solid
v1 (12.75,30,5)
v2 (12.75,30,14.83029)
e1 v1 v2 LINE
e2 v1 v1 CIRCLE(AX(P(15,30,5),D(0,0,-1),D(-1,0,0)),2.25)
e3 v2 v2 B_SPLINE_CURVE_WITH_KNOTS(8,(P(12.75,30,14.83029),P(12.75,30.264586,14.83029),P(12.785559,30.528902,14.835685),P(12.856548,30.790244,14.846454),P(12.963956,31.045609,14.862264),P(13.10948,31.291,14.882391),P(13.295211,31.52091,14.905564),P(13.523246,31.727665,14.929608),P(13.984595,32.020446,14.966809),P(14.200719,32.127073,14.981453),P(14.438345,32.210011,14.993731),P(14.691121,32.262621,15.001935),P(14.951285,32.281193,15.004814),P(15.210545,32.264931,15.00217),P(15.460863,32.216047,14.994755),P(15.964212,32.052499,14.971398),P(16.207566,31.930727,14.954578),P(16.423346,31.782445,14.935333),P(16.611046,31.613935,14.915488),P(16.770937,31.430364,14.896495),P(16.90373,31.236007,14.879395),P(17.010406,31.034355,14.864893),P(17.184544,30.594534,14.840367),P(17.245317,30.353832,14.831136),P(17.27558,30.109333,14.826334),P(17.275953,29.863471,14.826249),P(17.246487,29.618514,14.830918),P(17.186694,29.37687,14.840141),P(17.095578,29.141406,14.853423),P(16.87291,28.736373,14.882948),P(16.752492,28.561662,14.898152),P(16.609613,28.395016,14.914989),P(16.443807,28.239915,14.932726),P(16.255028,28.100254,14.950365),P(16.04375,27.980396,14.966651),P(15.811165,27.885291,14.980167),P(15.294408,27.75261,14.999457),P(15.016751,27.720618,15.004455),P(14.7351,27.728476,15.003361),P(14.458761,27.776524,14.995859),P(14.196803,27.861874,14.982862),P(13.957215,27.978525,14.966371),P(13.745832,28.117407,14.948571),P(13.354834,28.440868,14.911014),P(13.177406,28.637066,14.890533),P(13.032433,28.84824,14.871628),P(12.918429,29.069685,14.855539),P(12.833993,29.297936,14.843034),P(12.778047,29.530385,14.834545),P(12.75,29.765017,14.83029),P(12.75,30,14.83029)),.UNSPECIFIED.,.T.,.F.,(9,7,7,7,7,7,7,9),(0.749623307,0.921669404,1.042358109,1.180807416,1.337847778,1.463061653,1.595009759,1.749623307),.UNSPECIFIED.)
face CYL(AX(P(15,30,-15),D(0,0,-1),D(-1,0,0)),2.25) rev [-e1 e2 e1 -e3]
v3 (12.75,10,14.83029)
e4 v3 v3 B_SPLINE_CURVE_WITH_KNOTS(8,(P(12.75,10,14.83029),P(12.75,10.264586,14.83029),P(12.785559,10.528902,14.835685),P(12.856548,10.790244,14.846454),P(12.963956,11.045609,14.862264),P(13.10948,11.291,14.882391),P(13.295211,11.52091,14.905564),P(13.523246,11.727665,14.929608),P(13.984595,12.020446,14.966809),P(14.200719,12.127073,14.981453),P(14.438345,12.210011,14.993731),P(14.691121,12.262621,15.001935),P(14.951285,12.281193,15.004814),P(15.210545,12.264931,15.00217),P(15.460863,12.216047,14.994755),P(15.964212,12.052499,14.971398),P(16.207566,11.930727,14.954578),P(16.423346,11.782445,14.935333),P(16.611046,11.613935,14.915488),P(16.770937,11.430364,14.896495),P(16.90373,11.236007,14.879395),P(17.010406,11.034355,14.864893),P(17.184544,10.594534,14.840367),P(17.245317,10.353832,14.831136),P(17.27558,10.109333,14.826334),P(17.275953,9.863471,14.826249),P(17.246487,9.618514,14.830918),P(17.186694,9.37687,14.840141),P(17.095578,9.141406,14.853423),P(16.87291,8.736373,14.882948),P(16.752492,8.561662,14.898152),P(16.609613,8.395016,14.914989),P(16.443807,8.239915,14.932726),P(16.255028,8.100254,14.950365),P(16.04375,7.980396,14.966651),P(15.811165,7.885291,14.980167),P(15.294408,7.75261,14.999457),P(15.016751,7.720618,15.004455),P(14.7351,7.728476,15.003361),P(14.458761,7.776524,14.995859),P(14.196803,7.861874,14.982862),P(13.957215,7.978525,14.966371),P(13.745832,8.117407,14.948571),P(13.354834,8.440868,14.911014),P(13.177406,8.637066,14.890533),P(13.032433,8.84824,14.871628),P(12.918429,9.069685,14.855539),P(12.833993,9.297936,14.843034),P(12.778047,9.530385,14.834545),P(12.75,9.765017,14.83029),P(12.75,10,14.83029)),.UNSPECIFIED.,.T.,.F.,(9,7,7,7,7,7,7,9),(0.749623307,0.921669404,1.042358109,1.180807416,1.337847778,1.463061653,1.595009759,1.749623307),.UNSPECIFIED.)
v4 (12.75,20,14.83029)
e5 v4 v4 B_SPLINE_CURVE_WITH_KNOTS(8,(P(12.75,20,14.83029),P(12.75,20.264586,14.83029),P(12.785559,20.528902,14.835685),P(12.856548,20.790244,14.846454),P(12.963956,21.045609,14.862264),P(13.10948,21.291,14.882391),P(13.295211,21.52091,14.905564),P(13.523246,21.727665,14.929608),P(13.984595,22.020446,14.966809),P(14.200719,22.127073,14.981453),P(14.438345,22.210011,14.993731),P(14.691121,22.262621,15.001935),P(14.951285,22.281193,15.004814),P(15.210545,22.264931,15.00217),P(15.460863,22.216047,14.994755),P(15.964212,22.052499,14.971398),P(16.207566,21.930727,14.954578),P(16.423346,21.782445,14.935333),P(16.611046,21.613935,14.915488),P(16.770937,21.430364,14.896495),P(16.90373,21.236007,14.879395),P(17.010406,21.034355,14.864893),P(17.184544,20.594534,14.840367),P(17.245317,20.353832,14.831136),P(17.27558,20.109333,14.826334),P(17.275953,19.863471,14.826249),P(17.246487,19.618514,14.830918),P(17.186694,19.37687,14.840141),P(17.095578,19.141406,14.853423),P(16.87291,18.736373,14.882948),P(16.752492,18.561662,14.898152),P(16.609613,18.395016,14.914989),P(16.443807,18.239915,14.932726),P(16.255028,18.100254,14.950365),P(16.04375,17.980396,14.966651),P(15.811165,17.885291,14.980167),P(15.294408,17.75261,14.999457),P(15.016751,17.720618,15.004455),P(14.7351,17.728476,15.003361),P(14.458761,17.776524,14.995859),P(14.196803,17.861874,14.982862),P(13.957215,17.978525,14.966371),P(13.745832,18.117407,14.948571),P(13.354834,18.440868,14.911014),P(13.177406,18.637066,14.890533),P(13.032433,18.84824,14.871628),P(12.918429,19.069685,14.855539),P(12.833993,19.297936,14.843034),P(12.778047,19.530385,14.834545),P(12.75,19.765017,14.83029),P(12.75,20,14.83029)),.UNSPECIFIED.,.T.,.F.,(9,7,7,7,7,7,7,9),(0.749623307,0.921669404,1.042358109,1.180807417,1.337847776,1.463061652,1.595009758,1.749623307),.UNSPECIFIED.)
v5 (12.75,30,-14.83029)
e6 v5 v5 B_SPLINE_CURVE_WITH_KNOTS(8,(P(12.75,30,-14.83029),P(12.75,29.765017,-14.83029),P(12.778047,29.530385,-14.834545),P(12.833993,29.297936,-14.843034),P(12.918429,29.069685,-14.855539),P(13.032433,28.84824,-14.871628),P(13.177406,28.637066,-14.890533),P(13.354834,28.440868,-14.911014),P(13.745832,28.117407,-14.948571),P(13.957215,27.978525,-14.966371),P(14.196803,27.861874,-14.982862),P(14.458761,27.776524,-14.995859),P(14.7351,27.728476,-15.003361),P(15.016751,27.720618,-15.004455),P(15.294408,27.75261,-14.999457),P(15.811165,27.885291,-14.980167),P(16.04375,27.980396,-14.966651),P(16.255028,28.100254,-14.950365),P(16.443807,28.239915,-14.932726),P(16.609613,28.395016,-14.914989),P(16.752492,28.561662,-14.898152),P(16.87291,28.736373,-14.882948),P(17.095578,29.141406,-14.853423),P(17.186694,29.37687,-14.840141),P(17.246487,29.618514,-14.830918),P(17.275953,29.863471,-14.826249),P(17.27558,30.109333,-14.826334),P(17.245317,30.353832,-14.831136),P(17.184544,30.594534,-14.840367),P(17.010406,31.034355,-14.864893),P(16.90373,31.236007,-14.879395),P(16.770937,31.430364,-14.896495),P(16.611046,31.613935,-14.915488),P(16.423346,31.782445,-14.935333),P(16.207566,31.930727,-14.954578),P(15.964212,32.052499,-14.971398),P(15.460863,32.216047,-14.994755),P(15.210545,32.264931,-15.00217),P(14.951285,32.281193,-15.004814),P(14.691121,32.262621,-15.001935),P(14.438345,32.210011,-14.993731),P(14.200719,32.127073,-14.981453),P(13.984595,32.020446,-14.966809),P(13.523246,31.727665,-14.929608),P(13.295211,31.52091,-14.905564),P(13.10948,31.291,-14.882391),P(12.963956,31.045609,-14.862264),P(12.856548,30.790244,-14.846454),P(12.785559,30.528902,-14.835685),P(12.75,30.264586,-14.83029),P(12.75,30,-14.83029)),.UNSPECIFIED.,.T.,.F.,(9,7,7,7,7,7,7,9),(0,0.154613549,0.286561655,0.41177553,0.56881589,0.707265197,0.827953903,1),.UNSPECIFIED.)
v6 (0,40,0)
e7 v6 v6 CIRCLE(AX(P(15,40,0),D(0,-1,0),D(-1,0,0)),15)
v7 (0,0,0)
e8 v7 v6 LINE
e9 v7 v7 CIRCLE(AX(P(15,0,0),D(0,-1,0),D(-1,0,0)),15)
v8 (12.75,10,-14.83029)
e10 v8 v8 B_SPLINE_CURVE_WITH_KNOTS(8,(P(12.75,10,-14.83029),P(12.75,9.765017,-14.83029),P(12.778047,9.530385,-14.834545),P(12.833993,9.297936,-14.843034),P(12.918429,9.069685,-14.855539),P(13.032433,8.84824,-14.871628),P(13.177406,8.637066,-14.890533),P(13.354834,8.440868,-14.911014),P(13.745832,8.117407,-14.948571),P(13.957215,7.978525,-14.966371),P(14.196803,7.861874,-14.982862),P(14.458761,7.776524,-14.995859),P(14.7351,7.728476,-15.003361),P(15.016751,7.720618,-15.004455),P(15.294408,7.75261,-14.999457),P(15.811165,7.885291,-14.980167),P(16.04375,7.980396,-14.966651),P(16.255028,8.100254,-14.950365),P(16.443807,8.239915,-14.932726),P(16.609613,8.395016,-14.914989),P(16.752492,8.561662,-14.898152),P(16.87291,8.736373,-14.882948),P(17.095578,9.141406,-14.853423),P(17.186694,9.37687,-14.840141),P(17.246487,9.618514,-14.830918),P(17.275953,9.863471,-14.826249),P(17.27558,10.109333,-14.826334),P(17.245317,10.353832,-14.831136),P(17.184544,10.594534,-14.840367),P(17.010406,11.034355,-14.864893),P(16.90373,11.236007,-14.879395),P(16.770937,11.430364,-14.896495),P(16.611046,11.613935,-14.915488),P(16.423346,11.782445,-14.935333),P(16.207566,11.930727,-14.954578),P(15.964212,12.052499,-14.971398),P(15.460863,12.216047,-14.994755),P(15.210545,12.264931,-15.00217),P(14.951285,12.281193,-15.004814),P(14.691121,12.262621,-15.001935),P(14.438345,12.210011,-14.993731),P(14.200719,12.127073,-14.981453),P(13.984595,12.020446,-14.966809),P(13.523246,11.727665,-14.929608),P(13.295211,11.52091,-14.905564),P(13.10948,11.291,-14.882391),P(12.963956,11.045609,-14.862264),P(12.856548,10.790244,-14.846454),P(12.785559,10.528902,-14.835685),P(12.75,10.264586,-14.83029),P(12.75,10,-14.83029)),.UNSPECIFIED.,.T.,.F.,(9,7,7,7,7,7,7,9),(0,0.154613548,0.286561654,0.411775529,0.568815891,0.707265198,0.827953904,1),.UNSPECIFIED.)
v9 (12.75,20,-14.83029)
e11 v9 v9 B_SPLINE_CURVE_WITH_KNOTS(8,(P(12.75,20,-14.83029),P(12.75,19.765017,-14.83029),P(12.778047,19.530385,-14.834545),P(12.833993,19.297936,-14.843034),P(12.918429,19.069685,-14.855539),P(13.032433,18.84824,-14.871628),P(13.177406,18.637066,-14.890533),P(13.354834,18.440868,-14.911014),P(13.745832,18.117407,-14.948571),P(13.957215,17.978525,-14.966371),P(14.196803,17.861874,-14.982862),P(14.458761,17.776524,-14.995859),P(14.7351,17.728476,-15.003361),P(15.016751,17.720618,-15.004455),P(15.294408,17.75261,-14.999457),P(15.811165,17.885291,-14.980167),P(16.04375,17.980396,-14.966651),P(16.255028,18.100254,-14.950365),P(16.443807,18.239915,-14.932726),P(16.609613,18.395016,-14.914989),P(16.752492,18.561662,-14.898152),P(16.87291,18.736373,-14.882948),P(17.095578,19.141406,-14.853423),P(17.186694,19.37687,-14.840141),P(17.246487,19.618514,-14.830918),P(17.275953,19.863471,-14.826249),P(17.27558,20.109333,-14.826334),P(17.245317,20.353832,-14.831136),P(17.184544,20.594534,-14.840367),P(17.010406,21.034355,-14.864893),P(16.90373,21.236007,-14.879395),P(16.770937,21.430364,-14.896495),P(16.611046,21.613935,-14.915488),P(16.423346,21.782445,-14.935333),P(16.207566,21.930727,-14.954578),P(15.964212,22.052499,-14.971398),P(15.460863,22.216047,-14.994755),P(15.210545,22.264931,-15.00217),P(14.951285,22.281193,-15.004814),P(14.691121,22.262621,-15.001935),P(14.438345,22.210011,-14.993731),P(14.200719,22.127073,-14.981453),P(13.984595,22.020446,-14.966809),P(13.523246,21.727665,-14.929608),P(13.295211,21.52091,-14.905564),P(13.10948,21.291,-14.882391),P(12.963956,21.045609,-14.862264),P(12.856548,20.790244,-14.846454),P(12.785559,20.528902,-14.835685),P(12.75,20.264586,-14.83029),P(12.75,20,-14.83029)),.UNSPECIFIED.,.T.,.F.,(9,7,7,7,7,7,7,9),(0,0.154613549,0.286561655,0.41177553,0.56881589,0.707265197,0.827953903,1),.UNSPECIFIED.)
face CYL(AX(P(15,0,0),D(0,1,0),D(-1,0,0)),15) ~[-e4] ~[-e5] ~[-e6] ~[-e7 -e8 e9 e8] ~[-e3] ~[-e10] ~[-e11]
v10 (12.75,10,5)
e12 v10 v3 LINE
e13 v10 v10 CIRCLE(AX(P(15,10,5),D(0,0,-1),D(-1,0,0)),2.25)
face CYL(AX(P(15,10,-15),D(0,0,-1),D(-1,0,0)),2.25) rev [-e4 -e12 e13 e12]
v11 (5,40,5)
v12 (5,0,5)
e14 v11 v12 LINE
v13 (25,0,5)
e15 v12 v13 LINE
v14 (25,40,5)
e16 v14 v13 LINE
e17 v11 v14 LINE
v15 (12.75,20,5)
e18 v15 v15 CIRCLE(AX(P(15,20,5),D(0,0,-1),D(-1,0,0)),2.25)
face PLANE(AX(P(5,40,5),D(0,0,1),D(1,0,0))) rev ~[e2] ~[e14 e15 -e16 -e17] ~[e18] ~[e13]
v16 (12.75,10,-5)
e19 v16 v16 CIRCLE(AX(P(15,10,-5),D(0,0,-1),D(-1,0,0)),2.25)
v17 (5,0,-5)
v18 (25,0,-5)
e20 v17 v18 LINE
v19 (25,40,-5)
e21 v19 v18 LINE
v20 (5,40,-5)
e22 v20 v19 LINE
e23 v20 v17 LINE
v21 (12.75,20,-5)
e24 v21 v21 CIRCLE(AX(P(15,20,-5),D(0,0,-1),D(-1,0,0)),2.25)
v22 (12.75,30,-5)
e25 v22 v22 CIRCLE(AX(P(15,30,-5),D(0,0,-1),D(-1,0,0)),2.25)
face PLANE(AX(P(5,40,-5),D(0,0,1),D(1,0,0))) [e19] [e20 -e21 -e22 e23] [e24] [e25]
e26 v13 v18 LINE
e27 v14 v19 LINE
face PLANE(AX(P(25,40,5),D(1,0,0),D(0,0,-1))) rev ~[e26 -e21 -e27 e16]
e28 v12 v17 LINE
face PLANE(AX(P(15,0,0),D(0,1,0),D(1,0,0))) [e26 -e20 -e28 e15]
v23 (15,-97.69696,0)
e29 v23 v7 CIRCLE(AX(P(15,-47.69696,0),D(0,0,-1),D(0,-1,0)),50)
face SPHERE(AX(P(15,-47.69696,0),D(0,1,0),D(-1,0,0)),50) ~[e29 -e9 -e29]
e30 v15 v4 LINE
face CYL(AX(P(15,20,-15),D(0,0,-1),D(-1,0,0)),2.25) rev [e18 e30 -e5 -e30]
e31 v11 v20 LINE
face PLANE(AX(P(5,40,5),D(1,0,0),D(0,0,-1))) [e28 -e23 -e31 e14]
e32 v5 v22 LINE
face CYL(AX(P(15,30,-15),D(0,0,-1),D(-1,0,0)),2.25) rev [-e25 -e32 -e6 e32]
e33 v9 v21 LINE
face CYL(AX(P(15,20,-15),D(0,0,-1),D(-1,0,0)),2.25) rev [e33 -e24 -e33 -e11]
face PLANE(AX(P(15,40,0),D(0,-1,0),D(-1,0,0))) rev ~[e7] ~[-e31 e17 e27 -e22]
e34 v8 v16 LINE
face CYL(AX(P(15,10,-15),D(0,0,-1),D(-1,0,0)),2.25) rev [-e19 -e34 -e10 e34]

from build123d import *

# Parameters (mm, degrees)
CUT_EXTRUDE1_DEPTH      = 15
CUT_EXTRUDE1_DEPTH_BACK = 15
SKETCH2_R               = 2.25
SKETCH3_W               = 20
SKETCH3_H               = 10
CUT_EXTRUDE2_DEPTH      = 40


with BuildPart() as part:
    # Sketch1 → Revolve1 (revolve)
    with BuildSketch(Plane.XY):
        with BuildLine():
            Line((0, 0), (0, 40))
            Line((0, 40), (15, 40))
            Line((15, 40), (15, -47.696960071))
            Line((15, -47.696960071), (15, -97.696960071))
            ThreePointArc((15, -97.696960071), (-34.420886291, -55.284845035), (0, 0))
        make_face()
    revolve(axis=Axis((15, 40, 0), (0, -1, 0)))

    # Sketch2 → Cut-Extrude1 (cut, two sides: drawn at the far end of the back side and taken through both)
    with BuildSketch(Plane.XY.offset(-CUT_EXTRUDE1_DEPTH_BACK)):
        with Locations(Location((15, 30, 0), (0, 0, 180))):
            Circle(SKETCH2_R)
        with Locations(Location((15, 20, 0), (0, 0, 180))):
            Circle(SKETCH2_R)
        with Locations(Location((15, 10, 0), (0, 0, 180))):
            Circle(SKETCH2_R)
    extrude(amount=CUT_EXTRUDE1_DEPTH + CUT_EXTRUDE1_DEPTH_BACK, mode=Mode.SUBTRACT)

    # Sketch3 → Cut-Extrude2 (cut)
    with BuildSketch(Plane(origin=(0, 40, 0), x_dir=(1, 0, 0), z_dir=(0, 1, 0))):
        with Locations((15, 0)):
            Rectangle(SKETCH3_W, SKETCH3_H)
    extrude(amount=-CUT_EXTRUDE2_DEPTH, mode=Mode.SUBTRACT)


solid = part.part
